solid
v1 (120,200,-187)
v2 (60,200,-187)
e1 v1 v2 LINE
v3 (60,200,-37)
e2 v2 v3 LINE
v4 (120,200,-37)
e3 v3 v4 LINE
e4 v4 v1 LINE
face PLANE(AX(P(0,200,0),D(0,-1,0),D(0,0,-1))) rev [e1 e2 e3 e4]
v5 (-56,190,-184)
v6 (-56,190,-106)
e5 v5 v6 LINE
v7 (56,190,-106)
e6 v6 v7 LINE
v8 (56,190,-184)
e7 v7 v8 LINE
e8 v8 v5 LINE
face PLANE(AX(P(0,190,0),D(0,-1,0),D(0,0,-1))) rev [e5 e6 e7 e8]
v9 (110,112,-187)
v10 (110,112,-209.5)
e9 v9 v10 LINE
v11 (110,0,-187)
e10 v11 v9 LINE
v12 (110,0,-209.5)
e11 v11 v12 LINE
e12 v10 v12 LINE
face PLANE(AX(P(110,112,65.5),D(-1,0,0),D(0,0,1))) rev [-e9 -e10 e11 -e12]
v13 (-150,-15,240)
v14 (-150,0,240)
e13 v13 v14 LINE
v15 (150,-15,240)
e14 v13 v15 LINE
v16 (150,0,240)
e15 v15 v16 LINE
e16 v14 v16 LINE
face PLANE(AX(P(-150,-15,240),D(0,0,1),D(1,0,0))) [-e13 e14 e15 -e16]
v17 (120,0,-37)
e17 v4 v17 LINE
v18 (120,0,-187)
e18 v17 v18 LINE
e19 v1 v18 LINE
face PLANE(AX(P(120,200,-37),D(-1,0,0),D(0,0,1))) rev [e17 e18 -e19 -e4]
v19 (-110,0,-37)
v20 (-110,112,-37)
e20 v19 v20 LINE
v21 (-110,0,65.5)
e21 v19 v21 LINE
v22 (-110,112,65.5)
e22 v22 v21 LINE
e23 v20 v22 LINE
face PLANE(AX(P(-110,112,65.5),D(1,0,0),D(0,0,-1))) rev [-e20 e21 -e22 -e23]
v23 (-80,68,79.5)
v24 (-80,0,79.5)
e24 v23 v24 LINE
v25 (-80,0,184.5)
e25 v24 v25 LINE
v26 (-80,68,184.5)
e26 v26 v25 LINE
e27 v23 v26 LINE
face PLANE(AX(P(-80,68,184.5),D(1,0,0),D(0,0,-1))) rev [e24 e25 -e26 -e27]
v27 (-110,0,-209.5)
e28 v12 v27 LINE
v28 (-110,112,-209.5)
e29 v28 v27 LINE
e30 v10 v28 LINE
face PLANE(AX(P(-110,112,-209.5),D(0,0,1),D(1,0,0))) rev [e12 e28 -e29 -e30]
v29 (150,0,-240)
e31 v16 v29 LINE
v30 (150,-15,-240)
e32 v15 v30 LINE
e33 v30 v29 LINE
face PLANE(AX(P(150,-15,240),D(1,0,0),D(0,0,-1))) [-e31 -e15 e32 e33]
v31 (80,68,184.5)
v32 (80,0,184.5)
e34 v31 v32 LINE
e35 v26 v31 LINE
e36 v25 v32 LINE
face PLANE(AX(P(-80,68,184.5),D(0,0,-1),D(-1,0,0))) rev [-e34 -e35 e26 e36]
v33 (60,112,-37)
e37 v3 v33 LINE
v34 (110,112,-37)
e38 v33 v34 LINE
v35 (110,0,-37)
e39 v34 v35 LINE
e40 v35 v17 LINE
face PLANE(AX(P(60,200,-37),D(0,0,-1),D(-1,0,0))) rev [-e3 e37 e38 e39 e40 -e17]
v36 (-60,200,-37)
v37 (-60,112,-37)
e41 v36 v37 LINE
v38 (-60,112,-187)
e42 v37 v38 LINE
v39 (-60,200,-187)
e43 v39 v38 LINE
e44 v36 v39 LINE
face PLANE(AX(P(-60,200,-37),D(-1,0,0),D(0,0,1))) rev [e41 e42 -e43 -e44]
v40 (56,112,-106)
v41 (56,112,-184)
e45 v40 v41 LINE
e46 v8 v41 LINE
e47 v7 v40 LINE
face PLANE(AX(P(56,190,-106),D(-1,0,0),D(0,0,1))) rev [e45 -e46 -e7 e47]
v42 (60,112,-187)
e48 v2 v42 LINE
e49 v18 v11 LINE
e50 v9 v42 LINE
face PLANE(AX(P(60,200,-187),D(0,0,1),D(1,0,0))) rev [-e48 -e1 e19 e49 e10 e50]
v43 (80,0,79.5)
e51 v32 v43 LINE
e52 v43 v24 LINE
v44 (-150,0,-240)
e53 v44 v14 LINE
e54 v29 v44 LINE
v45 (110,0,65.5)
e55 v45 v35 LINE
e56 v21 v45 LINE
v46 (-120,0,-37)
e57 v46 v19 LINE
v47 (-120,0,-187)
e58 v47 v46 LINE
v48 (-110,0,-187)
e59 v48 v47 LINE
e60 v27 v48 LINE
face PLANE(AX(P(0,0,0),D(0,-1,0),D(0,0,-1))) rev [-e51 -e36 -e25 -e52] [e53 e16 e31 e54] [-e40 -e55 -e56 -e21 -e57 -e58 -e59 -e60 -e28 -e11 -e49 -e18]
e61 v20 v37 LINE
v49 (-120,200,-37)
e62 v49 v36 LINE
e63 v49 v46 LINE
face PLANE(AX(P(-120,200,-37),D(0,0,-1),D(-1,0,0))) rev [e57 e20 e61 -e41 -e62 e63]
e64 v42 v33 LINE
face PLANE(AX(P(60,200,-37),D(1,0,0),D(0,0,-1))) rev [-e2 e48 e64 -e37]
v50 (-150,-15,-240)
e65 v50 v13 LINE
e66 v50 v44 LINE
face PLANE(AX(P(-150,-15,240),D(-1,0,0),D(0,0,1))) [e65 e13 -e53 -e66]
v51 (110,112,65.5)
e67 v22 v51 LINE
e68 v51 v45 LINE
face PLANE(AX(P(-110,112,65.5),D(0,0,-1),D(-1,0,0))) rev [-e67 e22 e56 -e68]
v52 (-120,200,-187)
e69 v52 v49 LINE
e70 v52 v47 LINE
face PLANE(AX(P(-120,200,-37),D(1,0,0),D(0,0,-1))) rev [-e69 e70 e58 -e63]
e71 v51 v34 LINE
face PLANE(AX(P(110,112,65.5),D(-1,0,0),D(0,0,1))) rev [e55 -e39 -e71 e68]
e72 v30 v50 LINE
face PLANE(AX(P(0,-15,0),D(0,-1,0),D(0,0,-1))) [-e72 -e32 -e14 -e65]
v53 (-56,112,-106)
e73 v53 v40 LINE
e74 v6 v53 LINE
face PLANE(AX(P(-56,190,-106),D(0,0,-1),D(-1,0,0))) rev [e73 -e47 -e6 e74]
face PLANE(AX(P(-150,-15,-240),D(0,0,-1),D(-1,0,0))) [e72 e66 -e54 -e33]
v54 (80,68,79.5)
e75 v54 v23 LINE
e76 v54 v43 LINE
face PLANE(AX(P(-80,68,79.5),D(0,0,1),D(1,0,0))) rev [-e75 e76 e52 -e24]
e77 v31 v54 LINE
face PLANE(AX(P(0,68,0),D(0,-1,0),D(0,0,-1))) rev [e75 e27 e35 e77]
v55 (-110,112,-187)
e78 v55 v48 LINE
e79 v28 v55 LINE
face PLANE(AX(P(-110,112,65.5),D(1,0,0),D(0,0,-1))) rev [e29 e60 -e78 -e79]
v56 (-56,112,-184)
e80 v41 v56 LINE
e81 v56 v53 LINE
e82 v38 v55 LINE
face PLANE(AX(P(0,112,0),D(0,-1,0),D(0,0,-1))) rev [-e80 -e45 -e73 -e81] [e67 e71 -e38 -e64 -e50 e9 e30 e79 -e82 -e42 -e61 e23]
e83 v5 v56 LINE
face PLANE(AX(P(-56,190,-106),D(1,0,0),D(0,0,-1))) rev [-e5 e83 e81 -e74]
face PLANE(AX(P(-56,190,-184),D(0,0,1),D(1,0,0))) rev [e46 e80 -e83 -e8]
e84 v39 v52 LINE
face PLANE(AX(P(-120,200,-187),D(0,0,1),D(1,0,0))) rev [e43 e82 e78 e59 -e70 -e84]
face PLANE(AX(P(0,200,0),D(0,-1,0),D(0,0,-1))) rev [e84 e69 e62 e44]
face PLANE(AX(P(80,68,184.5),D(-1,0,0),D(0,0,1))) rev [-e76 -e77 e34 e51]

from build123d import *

# Parameters (mm, degrees)
SKETCH_1_W      = 300
SKETCH_1_H      = 480
EXTRUDE_1_DEPTH = 15
SKETCH_2_W      = 220
SKETCH_2_H      = 275
EXTRUDE_2_DEPTH = 112
SKETCH_3_W      = 160
SKETCH_3_H      = 105
EXTRUDE_3_DEPTH = 68
SKETCH_4_W      = 60
SKETCH_4_H      = 150
EXTRUDE_4_DEPTH = 200
SKETCH_5_W      = 60
SKETCH_5_H      = 150
EXTRUDE_5_DEPTH = 200
SKETCH_6_W      = 112
SKETCH_6_H      = 78
EXTRUDE_6_DEPTH = 190


with BuildPart() as part:
    # 草图1 → 凸台-拉伸1 (new body)
    with BuildSketch(Plane(origin=(0, 0, 0), x_dir=(1, 0, 0), z_dir=(0, 1, 0))):
        Rectangle(SKETCH_1_W, SKETCH_1_H)
    extrude(amount=-EXTRUDE_1_DEPTH)

    # 草图2 → 凸台-拉伸2 (add)
    with BuildSketch(Plane(origin=(0, 0, 0), x_dir=(1, 0, 0), z_dir=(0, 1, 0))):
        with Locations((0, 72)):
            Rectangle(SKETCH_2_W, SKETCH_2_H)
    extrude(amount=EXTRUDE_2_DEPTH)

    # 草图3 → 凸台-拉伸3 (add)
    with BuildSketch(Plane(origin=(0, 0, 0), x_dir=(1, 0, 0), z_dir=(0, 1, 0))):
        with Locations((0, -132)):
            Rectangle(SKETCH_3_W, SKETCH_3_H)
    extrude(amount=EXTRUDE_3_DEPTH)

    # 草图4 → 凸台-拉伸4 (add)
    with BuildSketch(Plane(origin=(0, 0, 0), x_dir=(1, 0, 0), z_dir=(0, 1, 0))):
        with Locations((-90, 112)):
            Rectangle(SKETCH_4_W, SKETCH_4_H)
    extrude(amount=EXTRUDE_4_DEPTH)

    # 草图5 → 凸台-拉伸5 (add)
    with BuildSketch(Plane(origin=(0, 0, 0), x_dir=(1, 0, 0), z_dir=(0, 1, 0))):
        with Locations((90, 112)):
            Rectangle(SKETCH_5_W, SKETCH_5_H)
    extrude(amount=EXTRUDE_5_DEPTH)

    # 草图6 → 凸台-拉伸6 (add)
    with BuildSketch(Plane(origin=(0, 0, 0), x_dir=(1, 0, 0), z_dir=(0, 1, 0))):
        with Locations((0, 145)):
            Rectangle(SKETCH_6_W, SKETCH_6_H)
    extrude(amount=EXTRUDE_6_DEPTH)


solid = part.part
